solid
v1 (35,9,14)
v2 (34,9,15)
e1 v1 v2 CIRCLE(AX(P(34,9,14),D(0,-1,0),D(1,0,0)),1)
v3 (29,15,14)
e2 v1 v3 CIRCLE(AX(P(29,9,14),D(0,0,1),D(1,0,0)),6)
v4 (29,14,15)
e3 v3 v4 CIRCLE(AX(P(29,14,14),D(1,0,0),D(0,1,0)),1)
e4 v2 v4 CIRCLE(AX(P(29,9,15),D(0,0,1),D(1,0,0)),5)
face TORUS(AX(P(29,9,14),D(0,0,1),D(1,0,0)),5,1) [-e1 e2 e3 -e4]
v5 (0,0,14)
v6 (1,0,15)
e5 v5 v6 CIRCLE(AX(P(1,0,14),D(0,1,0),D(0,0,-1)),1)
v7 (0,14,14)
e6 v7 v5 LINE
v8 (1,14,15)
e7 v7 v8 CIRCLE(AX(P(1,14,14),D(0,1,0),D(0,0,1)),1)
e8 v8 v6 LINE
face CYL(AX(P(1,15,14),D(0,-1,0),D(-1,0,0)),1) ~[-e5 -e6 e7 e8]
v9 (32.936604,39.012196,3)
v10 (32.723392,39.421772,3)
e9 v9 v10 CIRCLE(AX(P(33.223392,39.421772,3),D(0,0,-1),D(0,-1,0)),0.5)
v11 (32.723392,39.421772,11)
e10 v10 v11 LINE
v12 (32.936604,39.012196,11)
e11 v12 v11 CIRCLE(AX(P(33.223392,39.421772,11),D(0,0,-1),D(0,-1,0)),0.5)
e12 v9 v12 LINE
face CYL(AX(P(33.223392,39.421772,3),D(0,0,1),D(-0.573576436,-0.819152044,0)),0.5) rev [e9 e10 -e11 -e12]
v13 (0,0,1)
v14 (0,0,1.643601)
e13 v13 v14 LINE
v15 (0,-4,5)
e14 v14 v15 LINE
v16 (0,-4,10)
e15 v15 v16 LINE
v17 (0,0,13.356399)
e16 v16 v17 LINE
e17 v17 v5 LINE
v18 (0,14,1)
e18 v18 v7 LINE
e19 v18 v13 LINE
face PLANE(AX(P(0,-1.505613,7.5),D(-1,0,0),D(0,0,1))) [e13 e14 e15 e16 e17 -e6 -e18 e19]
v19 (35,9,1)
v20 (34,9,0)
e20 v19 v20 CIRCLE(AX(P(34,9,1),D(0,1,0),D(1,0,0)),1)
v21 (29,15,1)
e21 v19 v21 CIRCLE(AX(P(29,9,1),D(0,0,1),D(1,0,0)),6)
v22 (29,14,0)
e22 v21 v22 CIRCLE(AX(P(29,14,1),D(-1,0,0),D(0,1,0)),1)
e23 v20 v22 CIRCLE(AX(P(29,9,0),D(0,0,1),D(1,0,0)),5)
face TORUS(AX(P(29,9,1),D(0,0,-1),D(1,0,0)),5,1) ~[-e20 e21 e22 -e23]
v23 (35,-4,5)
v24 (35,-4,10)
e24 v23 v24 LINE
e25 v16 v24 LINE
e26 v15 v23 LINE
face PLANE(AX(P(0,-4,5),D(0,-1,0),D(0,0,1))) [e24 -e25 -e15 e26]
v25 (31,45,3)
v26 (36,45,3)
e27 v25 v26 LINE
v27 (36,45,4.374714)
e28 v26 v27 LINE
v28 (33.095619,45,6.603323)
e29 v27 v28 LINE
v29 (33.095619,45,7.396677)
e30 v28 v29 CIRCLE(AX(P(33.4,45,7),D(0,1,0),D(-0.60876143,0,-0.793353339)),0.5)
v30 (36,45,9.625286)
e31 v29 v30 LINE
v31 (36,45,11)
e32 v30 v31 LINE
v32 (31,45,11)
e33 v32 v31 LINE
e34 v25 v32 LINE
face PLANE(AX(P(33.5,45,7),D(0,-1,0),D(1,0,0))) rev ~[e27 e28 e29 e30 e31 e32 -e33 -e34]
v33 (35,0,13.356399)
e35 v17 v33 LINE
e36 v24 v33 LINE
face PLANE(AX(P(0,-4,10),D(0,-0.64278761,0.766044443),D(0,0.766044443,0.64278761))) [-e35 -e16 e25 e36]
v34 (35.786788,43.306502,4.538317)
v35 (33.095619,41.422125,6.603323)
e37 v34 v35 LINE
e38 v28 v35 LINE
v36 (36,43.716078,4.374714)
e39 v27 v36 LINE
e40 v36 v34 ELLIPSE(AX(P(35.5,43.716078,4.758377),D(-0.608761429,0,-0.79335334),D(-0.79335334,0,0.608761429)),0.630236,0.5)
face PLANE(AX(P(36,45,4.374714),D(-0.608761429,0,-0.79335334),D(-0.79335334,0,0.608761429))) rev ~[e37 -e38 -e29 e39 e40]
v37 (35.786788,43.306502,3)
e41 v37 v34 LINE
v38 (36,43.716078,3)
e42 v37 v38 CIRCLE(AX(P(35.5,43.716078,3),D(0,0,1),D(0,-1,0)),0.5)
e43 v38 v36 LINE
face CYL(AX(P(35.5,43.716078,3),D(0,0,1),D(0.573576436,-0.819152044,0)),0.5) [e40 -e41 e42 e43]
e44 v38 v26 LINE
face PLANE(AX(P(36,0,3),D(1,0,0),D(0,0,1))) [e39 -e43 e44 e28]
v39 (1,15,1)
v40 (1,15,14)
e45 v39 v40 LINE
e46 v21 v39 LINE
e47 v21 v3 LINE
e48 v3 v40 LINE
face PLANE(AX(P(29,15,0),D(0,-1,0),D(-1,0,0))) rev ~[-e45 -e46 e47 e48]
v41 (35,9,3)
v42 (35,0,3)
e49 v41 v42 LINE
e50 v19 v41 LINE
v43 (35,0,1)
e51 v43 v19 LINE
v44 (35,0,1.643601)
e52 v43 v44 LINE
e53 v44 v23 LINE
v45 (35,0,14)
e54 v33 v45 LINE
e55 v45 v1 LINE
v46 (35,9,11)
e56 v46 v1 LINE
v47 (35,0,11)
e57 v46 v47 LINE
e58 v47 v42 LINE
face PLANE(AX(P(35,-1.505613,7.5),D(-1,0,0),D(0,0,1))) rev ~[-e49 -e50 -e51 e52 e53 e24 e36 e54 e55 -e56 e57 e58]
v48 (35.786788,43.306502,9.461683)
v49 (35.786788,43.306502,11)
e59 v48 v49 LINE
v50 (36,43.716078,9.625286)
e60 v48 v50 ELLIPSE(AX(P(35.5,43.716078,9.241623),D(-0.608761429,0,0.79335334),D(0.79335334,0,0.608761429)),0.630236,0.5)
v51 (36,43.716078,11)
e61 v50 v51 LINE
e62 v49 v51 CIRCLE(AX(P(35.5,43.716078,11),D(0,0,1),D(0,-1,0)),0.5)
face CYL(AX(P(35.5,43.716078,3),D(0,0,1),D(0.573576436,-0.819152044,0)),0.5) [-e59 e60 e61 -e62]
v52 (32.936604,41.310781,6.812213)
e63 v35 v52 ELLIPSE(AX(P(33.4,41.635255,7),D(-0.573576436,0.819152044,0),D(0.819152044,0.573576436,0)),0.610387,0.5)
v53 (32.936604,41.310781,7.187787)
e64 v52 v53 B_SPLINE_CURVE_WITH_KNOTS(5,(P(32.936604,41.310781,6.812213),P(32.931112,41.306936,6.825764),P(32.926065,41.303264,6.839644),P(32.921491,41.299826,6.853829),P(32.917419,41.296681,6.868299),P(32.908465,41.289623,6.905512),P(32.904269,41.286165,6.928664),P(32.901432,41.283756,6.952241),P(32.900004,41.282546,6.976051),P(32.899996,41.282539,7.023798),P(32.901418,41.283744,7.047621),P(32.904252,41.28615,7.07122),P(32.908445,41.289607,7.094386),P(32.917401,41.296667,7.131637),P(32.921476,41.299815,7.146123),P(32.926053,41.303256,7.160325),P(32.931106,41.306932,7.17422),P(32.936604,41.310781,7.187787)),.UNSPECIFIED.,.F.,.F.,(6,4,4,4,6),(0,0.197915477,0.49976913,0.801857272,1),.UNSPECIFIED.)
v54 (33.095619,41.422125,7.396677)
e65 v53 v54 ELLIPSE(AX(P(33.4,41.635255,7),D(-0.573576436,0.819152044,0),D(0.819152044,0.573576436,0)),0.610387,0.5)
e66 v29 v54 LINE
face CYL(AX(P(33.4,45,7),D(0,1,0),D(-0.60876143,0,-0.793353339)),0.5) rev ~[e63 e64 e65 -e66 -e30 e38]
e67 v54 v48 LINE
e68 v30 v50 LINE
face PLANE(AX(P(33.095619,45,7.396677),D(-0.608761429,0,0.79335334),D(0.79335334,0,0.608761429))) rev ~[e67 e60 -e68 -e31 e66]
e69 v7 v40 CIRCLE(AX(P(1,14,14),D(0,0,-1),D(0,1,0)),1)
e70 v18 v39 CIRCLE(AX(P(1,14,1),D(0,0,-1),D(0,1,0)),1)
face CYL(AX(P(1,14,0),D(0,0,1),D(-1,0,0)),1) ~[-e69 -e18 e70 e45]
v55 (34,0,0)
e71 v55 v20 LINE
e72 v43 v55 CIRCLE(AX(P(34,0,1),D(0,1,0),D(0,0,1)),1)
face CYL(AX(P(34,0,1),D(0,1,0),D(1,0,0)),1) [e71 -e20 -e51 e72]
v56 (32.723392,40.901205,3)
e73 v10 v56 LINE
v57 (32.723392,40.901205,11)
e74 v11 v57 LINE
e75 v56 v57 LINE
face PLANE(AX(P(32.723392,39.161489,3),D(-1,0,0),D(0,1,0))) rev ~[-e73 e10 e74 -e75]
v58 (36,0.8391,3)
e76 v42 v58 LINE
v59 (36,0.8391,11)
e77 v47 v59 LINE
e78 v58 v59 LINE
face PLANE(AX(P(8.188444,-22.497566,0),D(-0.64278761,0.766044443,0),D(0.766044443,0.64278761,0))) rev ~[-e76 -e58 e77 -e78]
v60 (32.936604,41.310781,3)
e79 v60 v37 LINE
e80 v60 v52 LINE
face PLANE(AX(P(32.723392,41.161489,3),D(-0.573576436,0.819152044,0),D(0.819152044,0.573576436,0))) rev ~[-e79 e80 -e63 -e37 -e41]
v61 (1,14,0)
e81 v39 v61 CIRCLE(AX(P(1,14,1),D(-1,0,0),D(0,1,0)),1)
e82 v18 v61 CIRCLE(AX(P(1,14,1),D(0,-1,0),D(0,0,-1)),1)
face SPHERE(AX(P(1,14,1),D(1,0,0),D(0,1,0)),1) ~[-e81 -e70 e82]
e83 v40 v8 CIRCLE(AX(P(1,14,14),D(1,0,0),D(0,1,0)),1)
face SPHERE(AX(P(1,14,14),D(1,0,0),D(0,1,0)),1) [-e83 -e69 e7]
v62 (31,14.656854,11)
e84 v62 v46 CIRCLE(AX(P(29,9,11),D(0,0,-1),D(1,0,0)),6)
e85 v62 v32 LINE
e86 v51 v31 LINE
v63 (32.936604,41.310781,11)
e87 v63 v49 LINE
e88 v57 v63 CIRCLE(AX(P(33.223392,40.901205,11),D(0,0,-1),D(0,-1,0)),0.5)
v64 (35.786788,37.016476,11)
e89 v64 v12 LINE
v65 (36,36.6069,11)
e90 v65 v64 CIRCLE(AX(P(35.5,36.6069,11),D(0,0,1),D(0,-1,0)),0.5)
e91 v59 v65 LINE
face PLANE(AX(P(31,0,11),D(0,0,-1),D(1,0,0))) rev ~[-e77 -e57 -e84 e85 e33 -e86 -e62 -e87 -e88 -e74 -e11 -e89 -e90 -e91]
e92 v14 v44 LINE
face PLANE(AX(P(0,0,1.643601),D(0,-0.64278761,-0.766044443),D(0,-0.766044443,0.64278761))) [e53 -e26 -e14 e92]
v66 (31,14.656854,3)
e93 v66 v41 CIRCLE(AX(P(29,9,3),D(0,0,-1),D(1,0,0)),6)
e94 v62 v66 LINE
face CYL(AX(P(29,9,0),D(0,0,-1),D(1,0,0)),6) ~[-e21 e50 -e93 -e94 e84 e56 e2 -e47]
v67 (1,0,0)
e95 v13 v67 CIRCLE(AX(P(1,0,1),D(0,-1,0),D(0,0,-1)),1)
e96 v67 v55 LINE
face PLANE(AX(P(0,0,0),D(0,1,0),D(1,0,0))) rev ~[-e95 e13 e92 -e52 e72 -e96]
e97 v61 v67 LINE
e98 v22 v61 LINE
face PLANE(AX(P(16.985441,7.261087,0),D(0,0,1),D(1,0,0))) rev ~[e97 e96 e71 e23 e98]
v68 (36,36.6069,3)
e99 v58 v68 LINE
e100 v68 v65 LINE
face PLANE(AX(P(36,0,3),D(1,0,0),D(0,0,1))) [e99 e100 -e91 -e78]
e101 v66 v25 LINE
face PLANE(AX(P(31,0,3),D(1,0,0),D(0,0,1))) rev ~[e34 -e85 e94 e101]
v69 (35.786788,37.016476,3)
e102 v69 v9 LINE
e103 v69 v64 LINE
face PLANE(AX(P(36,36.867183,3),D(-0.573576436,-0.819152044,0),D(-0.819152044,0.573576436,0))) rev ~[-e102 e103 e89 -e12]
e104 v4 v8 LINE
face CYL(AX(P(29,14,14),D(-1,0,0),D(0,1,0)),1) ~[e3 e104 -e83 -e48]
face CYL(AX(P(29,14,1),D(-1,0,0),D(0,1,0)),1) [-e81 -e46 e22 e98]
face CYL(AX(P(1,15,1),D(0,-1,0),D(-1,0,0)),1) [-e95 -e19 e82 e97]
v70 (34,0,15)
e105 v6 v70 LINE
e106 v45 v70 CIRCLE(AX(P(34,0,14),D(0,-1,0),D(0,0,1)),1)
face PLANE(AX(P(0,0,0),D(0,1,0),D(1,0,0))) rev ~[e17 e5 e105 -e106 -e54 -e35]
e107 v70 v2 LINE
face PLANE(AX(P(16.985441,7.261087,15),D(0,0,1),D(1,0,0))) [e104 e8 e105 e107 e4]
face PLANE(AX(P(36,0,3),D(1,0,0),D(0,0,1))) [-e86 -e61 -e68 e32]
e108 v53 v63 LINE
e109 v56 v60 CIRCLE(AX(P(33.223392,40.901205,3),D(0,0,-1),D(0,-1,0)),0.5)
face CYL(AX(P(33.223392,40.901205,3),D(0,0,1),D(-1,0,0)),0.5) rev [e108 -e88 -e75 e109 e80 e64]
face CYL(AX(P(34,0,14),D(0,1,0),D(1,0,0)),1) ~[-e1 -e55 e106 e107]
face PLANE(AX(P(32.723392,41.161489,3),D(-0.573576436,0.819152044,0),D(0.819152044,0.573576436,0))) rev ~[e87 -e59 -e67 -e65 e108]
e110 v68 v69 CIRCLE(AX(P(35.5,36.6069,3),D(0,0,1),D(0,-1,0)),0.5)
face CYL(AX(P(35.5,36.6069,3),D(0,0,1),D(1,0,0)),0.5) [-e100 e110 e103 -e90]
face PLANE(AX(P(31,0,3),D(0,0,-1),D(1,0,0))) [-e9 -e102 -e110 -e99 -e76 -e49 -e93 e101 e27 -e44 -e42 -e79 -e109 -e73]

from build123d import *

# Parameters (mm, degrees)
BOSS_EXTRU_1_DEPTH      = 15
ESQUISSE2_W             = 5
ESQUISSE2_H             = 8
BOSS_EXTRU_2_DEPTH      = 45
ENL_V_MAT_EXTRU_1_DEPTH = 59.864250611
CONG_1_R                = 0.5
ENL_V_MAT_EXTRU_2_DEPTH = 5
BOSS_EXTRU_4_DEPTH      = 35
CONG_3_R                = 1
D_POUILLE2_ANGLE        = 40


with BuildPart() as part:
    # Esquisse1 → Boss.-Extru.1 (new body)
    with BuildSketch(Plane.XY):
        with BuildLine():
            Line((0, 0), (35, 0))
            Line((35, 0), (35, 9))
            ThreePointArc((35, 9), (33.242640687, 13.242640687), (29, 15))
            Line((29, 15), (0, 15))
            Line((0, 15), (0, 0))
        make_face()
    extrude(amount=BOSS_EXTRU_1_DEPTH)

    # Esquisse2 → Boss.-Extru.2 (add)
    with BuildSketch(Plane.XZ):
        with Locations((33.5, 7)):
            Rectangle(ESQUISSE2_W, ESQUISSE2_H)
    extrude(amount=-BOSS_EXTRU_2_DEPTH)

    # Esquisse3 → Enlèv. mat.-Extru.1 (cut, through all)
    with BuildSketch(Plane(origin=(0, 0, 3), x_dir=(-1, 0, 0), z_dir=(0, 0, -1))):
        Polygon((-36, 43.455794604), (-36, 36.867183113), (-32.723391823, 39.161488859), (-32.723391823, 41.161488859), align=None)
    extrude(amount=-ENL_V_MAT_EXTRU_1_DEPTH, mode=Mode.SUBTRACT)

    # Congé1
    cong_1_edges = [part.edges().sort_by_distance(p)[0] for p in [
        (36, 36.867183113, 7),
        (36, 43.455794604, 7),
        (32.723391823, 41.161488859, 7),
        (32.723391823, 39.161488859, 7),
    ]]
    fillet(cong_1_edges, radius=CONG_1_R)

    # Esquisse4 → Enlèv. mat.-Extru.2 (cut)
    with BuildSketch(Plane(origin=(0, 45, 0), x_dir=(1, 0, 0), z_dir=(0, 1, 0))):
        with BuildLine():
            Line((36, -4.374713624), (33.095619285, -6.60332333))
            ThreePointArc((33.095619285, -6.60332333), (32.9, -7), (33.095619285, -7.39667667))
            Line((33.095619285, -7.39667667), (36, -9.625286376))
            Line((36, -9.625286376), (36, -4.374713624))
        make_face()
    extrude(amount=-ENL_V_MAT_EXTRU_2_DEPTH, mode=Mode.SUBTRACT)

    # Esquisse6 → Boss.-Extru.4 (add)
    with BuildSketch(Plane.ZY):
        Polygon((13.356398525, 0), (1.643601475, 0), (5, -4), (10, -4), align=None)
    extrude(amount=-BOSS_EXTRU_4_DEPTH)

    # Congé3
    cong_3_edges = [part.edges().sort_by_distance(p)[0] for p in [
        (35, 4.5, 0),
        (33.242640687, 13.242640687, 0),
        (14.5, 15, 0),
        (35, 4.5, 15),
        (33.242640687, 13.242640687, 15),
        (14.5, 15, 15),
        (0, 15, 7.5),
        (0, 7.5, 15),
        (0, 7.5, 0),
    ]]
    fillet(cong_3_edges, radius=CONG_3_R)

    # Dépouille2
    d_pouille2_faces = [part.faces().sort_by_distance(p)[0] for p in [
        (35.5, 0, 7),
    ]]
    draft(d_pouille2_faces, Plane(origin=(35, 0, 15), x_dir=(0, 0, 1), z_dir=(1, 0, 0)), D_POUILLE2_ANGLE)


solid = part.part
